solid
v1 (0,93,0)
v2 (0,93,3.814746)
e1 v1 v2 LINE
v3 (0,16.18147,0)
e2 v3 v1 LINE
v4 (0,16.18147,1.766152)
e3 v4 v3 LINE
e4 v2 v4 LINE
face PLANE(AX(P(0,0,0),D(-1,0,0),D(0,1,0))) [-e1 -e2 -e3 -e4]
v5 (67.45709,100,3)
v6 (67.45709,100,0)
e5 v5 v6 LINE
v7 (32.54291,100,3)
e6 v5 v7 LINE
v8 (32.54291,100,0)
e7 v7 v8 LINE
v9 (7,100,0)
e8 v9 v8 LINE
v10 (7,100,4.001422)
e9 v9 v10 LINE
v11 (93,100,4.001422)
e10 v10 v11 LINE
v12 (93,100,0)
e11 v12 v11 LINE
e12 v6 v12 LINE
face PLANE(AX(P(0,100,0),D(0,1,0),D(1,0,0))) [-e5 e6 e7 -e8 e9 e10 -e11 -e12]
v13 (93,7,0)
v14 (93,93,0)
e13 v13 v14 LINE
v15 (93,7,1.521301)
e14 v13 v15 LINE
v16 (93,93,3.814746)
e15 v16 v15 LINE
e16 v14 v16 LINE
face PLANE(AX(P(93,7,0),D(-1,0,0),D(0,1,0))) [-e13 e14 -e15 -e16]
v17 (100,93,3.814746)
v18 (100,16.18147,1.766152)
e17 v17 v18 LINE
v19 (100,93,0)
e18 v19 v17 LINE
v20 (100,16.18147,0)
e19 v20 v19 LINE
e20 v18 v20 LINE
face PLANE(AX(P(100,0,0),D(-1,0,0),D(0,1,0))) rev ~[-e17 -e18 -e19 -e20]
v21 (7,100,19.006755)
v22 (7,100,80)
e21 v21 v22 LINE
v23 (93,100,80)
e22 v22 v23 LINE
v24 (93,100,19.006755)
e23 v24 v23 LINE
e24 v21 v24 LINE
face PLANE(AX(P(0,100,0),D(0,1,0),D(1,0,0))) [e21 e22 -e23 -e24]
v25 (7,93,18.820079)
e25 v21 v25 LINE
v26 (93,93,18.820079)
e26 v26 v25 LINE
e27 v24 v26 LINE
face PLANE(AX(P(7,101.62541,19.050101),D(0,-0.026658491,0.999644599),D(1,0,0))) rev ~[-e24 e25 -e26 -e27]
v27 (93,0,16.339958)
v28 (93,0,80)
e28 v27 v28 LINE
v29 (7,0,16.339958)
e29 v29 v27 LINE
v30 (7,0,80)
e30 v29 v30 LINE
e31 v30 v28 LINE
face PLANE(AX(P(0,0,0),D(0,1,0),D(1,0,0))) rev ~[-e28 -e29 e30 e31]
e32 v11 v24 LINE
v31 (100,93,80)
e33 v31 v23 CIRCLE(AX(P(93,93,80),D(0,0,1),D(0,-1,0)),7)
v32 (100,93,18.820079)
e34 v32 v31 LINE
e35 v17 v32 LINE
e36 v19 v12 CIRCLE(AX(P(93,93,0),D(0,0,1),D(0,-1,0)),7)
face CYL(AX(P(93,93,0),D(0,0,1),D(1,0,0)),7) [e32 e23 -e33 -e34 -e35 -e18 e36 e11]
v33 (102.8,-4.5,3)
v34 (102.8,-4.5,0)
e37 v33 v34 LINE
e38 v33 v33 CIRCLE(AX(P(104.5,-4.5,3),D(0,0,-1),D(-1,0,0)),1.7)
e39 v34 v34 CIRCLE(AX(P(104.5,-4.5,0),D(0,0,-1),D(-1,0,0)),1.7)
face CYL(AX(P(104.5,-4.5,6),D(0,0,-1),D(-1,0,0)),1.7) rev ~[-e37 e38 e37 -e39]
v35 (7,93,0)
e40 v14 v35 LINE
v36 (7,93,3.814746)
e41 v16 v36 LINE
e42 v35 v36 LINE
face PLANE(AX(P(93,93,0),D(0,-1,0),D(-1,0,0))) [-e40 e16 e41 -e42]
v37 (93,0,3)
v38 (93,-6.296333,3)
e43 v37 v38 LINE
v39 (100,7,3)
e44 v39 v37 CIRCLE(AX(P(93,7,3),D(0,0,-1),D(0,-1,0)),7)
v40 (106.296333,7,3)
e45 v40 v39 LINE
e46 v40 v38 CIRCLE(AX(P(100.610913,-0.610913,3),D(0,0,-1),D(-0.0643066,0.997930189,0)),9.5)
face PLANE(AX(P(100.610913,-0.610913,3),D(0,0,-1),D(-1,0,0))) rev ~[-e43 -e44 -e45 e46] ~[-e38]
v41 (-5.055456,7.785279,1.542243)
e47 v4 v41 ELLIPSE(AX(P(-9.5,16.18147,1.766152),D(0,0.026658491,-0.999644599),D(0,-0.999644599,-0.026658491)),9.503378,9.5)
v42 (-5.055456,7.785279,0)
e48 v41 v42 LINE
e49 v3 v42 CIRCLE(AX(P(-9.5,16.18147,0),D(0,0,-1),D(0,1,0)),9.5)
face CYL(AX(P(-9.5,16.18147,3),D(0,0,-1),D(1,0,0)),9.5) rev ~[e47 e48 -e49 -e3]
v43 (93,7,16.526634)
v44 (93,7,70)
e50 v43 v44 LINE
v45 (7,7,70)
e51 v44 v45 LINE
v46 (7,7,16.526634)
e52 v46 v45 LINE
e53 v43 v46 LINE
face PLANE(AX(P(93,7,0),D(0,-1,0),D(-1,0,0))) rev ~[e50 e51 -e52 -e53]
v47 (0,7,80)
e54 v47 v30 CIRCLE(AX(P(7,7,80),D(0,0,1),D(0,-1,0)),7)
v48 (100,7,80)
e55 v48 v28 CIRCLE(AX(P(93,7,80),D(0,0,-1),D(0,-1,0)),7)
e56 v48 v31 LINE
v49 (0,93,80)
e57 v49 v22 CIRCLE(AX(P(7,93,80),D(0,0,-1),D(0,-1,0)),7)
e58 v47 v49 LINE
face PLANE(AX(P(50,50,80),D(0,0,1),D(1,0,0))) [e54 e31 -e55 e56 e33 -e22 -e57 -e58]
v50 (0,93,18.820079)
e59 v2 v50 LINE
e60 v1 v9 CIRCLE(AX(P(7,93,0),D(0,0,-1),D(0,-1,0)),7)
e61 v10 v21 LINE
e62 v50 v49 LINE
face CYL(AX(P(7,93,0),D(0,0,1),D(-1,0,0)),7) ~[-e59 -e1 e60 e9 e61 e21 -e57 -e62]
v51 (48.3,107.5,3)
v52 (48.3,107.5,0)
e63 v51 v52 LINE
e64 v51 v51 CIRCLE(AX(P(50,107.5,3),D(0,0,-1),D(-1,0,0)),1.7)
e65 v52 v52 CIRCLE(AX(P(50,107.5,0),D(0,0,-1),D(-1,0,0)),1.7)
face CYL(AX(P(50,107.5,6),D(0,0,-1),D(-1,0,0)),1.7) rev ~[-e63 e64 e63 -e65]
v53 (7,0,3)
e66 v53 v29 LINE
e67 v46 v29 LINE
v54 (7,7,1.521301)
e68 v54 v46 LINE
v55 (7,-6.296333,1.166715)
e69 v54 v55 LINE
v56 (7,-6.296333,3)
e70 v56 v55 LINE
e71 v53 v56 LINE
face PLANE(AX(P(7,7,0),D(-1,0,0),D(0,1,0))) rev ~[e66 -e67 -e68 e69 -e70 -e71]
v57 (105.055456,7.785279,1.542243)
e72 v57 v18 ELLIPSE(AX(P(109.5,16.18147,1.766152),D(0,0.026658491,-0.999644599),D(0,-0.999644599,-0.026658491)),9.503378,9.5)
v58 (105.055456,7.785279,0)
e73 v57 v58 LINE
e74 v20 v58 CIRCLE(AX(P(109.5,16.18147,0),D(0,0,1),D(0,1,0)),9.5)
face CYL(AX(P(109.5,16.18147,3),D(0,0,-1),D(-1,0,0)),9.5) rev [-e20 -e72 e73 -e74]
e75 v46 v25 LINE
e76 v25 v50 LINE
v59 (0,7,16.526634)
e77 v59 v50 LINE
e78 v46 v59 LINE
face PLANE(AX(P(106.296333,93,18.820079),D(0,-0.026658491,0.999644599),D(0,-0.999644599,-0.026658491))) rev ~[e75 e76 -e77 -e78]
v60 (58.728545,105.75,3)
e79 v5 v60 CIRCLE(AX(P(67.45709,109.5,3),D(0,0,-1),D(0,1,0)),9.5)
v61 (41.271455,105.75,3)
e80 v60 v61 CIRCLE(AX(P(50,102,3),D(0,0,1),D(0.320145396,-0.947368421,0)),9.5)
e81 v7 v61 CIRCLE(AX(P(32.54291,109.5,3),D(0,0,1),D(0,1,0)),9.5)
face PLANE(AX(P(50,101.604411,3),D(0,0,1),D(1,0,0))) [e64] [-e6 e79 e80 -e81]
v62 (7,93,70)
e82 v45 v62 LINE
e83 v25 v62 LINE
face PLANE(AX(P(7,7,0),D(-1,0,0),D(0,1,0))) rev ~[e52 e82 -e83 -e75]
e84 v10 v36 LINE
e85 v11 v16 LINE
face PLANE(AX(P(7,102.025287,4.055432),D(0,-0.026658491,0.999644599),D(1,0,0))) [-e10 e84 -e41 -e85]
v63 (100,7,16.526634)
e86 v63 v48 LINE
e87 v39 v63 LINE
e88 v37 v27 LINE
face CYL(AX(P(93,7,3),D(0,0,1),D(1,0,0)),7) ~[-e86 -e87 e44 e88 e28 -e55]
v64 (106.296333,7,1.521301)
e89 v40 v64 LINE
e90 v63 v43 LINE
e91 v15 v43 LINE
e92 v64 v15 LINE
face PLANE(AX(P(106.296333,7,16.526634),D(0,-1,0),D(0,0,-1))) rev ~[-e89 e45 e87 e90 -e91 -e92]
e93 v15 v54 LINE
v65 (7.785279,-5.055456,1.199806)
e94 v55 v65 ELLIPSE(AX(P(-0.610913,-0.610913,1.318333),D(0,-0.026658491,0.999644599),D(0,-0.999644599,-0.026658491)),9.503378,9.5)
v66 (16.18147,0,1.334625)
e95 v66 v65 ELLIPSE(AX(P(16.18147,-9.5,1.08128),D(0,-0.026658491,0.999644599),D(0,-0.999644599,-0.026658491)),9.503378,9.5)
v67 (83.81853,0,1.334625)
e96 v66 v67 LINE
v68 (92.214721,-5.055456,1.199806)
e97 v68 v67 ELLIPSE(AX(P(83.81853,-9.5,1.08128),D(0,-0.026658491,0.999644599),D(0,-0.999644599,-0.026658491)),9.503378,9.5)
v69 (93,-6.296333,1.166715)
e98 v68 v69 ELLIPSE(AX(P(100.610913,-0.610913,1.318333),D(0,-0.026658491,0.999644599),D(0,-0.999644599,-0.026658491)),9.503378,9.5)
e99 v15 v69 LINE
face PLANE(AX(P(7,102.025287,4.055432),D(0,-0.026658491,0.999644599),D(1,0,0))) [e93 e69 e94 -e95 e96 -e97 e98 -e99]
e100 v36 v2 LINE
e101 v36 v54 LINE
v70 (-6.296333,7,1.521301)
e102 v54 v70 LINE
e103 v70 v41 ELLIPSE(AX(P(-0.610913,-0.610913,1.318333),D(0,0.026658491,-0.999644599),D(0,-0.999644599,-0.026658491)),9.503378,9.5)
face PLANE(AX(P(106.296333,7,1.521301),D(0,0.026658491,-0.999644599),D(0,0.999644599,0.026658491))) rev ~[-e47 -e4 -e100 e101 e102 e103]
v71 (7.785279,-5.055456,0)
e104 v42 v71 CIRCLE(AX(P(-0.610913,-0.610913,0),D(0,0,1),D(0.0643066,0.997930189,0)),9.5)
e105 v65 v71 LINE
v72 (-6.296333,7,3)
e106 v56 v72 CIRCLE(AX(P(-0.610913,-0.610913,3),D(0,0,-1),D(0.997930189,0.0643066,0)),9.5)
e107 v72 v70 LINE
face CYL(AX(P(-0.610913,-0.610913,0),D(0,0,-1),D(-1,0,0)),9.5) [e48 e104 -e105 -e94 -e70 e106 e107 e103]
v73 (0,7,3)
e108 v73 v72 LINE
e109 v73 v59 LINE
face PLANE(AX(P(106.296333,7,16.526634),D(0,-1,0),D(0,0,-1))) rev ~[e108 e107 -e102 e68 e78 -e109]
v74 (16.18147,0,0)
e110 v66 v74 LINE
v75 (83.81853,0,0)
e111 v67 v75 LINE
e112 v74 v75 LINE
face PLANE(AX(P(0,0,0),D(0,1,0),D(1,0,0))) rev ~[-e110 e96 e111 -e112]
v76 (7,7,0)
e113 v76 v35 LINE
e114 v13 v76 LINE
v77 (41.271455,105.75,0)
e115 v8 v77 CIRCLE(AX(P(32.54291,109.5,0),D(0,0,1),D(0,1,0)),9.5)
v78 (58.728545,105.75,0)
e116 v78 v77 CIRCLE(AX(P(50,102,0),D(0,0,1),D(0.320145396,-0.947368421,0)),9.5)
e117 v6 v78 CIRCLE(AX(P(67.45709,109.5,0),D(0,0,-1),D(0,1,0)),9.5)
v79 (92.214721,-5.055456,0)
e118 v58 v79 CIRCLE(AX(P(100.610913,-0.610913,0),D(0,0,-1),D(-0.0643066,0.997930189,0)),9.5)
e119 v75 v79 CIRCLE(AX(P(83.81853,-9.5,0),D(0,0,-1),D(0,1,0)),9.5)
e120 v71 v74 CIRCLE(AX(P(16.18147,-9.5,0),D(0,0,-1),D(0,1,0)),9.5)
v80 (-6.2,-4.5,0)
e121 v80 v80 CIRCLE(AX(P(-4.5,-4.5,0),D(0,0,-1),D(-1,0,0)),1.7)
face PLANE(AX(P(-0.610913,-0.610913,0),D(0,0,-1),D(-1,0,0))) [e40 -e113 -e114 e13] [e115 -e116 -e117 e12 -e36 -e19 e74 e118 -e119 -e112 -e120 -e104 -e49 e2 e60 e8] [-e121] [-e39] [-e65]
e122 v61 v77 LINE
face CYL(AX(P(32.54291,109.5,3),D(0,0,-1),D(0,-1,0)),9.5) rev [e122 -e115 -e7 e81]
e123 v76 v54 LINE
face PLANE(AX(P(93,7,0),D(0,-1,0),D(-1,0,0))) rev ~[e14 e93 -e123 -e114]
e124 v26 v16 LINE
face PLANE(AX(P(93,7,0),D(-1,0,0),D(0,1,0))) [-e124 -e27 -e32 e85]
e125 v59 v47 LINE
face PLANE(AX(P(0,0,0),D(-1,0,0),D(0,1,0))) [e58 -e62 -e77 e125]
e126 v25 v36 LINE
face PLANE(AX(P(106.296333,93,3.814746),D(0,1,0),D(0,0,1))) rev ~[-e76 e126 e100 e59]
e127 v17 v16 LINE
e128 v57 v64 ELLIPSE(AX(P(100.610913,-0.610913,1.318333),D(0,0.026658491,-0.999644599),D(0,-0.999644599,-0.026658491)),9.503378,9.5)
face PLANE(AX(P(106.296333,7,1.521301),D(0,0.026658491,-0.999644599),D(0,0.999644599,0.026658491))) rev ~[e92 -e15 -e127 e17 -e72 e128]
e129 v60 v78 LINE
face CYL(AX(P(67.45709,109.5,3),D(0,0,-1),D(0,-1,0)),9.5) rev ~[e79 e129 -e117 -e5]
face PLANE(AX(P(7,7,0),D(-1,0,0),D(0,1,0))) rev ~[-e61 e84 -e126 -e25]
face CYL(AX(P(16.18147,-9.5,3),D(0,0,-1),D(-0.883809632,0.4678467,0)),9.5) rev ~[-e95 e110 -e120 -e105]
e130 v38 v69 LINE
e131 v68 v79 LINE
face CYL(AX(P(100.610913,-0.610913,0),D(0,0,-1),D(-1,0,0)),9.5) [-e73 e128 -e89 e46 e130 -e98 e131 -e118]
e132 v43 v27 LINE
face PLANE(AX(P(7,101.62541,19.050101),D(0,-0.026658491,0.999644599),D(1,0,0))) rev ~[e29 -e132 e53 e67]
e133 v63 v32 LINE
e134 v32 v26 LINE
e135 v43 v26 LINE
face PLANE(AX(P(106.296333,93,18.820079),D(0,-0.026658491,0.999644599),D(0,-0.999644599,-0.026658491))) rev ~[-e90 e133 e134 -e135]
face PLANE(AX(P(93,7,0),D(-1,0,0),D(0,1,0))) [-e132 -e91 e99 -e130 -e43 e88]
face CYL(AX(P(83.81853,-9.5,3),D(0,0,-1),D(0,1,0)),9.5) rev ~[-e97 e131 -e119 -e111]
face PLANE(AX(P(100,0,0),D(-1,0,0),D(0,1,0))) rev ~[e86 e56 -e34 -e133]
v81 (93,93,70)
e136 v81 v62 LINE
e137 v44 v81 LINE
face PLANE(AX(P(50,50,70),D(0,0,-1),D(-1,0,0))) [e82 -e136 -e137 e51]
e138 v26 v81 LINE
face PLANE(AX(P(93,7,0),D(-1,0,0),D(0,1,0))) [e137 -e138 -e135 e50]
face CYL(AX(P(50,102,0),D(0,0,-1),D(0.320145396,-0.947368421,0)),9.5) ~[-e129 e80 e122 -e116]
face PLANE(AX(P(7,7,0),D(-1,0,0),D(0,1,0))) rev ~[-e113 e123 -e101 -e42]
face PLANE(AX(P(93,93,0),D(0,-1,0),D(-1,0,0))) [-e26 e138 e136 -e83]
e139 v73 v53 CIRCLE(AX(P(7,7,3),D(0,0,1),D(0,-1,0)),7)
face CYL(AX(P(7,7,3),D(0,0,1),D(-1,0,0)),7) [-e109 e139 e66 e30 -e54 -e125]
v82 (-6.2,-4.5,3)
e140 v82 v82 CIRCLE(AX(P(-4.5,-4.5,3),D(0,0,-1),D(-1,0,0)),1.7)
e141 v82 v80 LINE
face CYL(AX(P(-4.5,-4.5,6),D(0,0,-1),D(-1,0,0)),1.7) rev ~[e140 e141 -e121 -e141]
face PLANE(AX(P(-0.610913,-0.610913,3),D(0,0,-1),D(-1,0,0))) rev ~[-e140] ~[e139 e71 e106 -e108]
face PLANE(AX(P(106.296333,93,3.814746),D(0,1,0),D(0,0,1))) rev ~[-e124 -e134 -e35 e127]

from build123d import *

# Parameters (mm, degrees)
ESQUISSE1_W                           = 100
ESQUISSE1_H                           = 100
BOSS_EXTRU_1_DEPTH                    = 80
ESQUISSE2_W                           = 86
ESQUISSE2_H                           = 86
ENL_V_MAT_EXTRU_1_DEPTH               = 70
ESQUISSE4_R                           = 9.5
ESQUISSE4_R_2                         = 1.5
BOSS_EXTRU_3_DEPTH                    = 3
CONG_1_R                              = 7
CONG_4_R                              = 9.5
D_GAGEMENT_M31_D                      = 3.4
D_GAGEMENT_M31_DEPTH                  = 3
ENL_V_MAT_EXTRU_2_REACH               = 184.154
ENL_V_MAT_EXTRU_2_OFFSET_FROM_SURFACE = 7
ESQUISSE8_W                           = 86
ESQUISSE8_H                           = 15
ENL_V_START                           = -13.296333
ENL_V_MAT_EXTRU_3_DEPTH               = 112.592666


with BuildPart() as part:
    # Esquisse1 → Boss.-Extru.1 (new body)
    with BuildSketch(Plane.XY):
        with Locations((50, 50)):
            Rectangle(ESQUISSE1_W, ESQUISSE1_H)
    extrude(amount=BOSS_EXTRU_1_DEPTH)

    # Esquisse2 → Enlèv. mat.-Extru.1 (cut)
    with BuildSketch(Plane(origin=(0, 0, 0), x_dir=(-1, 0, 0), z_dir=(0, 0, -1))):
        with Locations((-50, 50)):
            Rectangle(ESQUISSE2_W, ESQUISSE2_H)
    extrude(amount=-ENL_V_MAT_EXTRU_1_DEPTH, mode=Mode.SUBTRACT)

    # Esquisse4 → Boss.-Extru.3 (add)
    # profile 1 of 3: a face of its own
    with BuildSketch(Plane(origin=(0, 0, 0), x_dir=(-1, 0, 0), z_dir=(0, 0, -1))):
        with Locations((0.610912703, -0.610912703)):
            Circle(ESQUISSE4_R)
        with Locations((4.5, -4.5)):
            Circle(ESQUISSE4_R_2, mode=Mode.SUBTRACT)
    # profile 2 of 3: a face of its own
    with BuildSketch(Plane(origin=(0, 0, 0), x_dir=(-1, 0, 0), z_dir=(0, 0, -1))):
        with Locations((-100.610912703, -0.610912703)):
            Circle(ESQUISSE4_R)
        with Locations((-104.5, -4.5)):
            Circle(ESQUISSE4_R_2, mode=Mode.SUBTRACT)
    # profile 3 of 3: a face of its own
    with BuildSketch(Plane(origin=(0, 0, 0), x_dir=(-1, 0, 0), z_dir=(0, 0, -1))):
        with BuildLine():
            Line((-46.958618735, 93), (-53.041381265, 93))
            ThreePointArc((-53.041381265, 93), (-50, 111.5), (-46.958618735, 93))
        make_face()
        with Locations((-50, 107.5)):
            Circle(ESQUISSE4_R_2, mode=Mode.SUBTRACT)
    extrude(amount=-BOSS_EXTRU_3_DEPTH)

    # Congé1
    cong_1_edges = [part.edges().sort_by_distance(p)[0] for p in [
        (0, 100, 40),
        (100, 100, 40),
        (100, 0, 41.5),
        (0, 0, 41.5),
    ]]
    fillet(cong_1_edges, radius=CONG_1_R)

    # Congé4
    cong_4_edges = [part.edges().sort_by_distance(p)[0] for p in [
        (91.130575913, 0, 1.5),
        (100, 8.869424087, 1.5),
        (0, 8.869424087, 1.5),
        (8.869424087, 0, 1.5),
        (40.712912189, 100, 1.5),
        (59.287087811, 100, 1.5),
    ]]
    fillet(cong_4_edges, radius=CONG_4_R)

    # Dégagement M31
    with Locations(Plane.XY.offset(3)):
        with Locations((104.5, -4.5), (-4.5, -4.5), (50, 107.5)):
            Hole(D_GAGEMENT_M31_D / 2, depth=D_GAGEMENT_M31_DEPTH)

    # Enlèv. mat.-Extru.2: up to this face of the body (flat: up to its plane, moved by the offset)
    enl_v_mat_extru_2_end = Plane(part.part.faces().sort_by_distance((50, 0, 40.310761501))[0]).offset(ENL_V_MAT_EXTRU_2_OFFSET_FROM_SURFACE)
    # Esquisse8 → Enlèv. mat.-Extru.2 (cut, up to the picked face)
    with BuildSketch(Plane(origin=(0, 102.060853814, 2.721755672), x_dir=(1, 0, 0), z_dir=(0, 0.9996445992724862, 0.026658491055395153)), mode=Mode.PRIVATE) as enl_v_mat_extru_2_sk1:
        with Locations((50, -8.834150894)):
            Rectangle(ESQUISSE8_W, ESQUISSE8_H)
    enl_v_mat_extru_2_tool1 = split(extrude(enl_v_mat_extru_2_sk1.sketch, amount=-ENL_V_MAT_EXTRU_2_REACH, mode=Mode.PRIVATE), bisect_by=enl_v_mat_extru_2_end, keep=Keep.BOTH, mode=Mode.PRIVATE)
    add(enl_v_mat_extru_2_tool1.solids().sort_by(Axis((50, 101.825349, 11.552767), (0, -0.9996445992724862, -0.026658491055395153)))[0], mode=Mode.SUBTRACT)

    # Esquisse9 → Enlèv. mat.-Extru.3 (cut)
    with BuildSketch(Plane.ZY.offset(-93).offset(ENL_V_START)):
        Polygon((18.820079232, 93), (16.52663391, 7), (1.521301003, 7), (3.814746326, 93), align=None)
    extrude(amount=ENL_V_MAT_EXTRU_3_DEPTH, mode=Mode.SUBTRACT)


solid = part.part
